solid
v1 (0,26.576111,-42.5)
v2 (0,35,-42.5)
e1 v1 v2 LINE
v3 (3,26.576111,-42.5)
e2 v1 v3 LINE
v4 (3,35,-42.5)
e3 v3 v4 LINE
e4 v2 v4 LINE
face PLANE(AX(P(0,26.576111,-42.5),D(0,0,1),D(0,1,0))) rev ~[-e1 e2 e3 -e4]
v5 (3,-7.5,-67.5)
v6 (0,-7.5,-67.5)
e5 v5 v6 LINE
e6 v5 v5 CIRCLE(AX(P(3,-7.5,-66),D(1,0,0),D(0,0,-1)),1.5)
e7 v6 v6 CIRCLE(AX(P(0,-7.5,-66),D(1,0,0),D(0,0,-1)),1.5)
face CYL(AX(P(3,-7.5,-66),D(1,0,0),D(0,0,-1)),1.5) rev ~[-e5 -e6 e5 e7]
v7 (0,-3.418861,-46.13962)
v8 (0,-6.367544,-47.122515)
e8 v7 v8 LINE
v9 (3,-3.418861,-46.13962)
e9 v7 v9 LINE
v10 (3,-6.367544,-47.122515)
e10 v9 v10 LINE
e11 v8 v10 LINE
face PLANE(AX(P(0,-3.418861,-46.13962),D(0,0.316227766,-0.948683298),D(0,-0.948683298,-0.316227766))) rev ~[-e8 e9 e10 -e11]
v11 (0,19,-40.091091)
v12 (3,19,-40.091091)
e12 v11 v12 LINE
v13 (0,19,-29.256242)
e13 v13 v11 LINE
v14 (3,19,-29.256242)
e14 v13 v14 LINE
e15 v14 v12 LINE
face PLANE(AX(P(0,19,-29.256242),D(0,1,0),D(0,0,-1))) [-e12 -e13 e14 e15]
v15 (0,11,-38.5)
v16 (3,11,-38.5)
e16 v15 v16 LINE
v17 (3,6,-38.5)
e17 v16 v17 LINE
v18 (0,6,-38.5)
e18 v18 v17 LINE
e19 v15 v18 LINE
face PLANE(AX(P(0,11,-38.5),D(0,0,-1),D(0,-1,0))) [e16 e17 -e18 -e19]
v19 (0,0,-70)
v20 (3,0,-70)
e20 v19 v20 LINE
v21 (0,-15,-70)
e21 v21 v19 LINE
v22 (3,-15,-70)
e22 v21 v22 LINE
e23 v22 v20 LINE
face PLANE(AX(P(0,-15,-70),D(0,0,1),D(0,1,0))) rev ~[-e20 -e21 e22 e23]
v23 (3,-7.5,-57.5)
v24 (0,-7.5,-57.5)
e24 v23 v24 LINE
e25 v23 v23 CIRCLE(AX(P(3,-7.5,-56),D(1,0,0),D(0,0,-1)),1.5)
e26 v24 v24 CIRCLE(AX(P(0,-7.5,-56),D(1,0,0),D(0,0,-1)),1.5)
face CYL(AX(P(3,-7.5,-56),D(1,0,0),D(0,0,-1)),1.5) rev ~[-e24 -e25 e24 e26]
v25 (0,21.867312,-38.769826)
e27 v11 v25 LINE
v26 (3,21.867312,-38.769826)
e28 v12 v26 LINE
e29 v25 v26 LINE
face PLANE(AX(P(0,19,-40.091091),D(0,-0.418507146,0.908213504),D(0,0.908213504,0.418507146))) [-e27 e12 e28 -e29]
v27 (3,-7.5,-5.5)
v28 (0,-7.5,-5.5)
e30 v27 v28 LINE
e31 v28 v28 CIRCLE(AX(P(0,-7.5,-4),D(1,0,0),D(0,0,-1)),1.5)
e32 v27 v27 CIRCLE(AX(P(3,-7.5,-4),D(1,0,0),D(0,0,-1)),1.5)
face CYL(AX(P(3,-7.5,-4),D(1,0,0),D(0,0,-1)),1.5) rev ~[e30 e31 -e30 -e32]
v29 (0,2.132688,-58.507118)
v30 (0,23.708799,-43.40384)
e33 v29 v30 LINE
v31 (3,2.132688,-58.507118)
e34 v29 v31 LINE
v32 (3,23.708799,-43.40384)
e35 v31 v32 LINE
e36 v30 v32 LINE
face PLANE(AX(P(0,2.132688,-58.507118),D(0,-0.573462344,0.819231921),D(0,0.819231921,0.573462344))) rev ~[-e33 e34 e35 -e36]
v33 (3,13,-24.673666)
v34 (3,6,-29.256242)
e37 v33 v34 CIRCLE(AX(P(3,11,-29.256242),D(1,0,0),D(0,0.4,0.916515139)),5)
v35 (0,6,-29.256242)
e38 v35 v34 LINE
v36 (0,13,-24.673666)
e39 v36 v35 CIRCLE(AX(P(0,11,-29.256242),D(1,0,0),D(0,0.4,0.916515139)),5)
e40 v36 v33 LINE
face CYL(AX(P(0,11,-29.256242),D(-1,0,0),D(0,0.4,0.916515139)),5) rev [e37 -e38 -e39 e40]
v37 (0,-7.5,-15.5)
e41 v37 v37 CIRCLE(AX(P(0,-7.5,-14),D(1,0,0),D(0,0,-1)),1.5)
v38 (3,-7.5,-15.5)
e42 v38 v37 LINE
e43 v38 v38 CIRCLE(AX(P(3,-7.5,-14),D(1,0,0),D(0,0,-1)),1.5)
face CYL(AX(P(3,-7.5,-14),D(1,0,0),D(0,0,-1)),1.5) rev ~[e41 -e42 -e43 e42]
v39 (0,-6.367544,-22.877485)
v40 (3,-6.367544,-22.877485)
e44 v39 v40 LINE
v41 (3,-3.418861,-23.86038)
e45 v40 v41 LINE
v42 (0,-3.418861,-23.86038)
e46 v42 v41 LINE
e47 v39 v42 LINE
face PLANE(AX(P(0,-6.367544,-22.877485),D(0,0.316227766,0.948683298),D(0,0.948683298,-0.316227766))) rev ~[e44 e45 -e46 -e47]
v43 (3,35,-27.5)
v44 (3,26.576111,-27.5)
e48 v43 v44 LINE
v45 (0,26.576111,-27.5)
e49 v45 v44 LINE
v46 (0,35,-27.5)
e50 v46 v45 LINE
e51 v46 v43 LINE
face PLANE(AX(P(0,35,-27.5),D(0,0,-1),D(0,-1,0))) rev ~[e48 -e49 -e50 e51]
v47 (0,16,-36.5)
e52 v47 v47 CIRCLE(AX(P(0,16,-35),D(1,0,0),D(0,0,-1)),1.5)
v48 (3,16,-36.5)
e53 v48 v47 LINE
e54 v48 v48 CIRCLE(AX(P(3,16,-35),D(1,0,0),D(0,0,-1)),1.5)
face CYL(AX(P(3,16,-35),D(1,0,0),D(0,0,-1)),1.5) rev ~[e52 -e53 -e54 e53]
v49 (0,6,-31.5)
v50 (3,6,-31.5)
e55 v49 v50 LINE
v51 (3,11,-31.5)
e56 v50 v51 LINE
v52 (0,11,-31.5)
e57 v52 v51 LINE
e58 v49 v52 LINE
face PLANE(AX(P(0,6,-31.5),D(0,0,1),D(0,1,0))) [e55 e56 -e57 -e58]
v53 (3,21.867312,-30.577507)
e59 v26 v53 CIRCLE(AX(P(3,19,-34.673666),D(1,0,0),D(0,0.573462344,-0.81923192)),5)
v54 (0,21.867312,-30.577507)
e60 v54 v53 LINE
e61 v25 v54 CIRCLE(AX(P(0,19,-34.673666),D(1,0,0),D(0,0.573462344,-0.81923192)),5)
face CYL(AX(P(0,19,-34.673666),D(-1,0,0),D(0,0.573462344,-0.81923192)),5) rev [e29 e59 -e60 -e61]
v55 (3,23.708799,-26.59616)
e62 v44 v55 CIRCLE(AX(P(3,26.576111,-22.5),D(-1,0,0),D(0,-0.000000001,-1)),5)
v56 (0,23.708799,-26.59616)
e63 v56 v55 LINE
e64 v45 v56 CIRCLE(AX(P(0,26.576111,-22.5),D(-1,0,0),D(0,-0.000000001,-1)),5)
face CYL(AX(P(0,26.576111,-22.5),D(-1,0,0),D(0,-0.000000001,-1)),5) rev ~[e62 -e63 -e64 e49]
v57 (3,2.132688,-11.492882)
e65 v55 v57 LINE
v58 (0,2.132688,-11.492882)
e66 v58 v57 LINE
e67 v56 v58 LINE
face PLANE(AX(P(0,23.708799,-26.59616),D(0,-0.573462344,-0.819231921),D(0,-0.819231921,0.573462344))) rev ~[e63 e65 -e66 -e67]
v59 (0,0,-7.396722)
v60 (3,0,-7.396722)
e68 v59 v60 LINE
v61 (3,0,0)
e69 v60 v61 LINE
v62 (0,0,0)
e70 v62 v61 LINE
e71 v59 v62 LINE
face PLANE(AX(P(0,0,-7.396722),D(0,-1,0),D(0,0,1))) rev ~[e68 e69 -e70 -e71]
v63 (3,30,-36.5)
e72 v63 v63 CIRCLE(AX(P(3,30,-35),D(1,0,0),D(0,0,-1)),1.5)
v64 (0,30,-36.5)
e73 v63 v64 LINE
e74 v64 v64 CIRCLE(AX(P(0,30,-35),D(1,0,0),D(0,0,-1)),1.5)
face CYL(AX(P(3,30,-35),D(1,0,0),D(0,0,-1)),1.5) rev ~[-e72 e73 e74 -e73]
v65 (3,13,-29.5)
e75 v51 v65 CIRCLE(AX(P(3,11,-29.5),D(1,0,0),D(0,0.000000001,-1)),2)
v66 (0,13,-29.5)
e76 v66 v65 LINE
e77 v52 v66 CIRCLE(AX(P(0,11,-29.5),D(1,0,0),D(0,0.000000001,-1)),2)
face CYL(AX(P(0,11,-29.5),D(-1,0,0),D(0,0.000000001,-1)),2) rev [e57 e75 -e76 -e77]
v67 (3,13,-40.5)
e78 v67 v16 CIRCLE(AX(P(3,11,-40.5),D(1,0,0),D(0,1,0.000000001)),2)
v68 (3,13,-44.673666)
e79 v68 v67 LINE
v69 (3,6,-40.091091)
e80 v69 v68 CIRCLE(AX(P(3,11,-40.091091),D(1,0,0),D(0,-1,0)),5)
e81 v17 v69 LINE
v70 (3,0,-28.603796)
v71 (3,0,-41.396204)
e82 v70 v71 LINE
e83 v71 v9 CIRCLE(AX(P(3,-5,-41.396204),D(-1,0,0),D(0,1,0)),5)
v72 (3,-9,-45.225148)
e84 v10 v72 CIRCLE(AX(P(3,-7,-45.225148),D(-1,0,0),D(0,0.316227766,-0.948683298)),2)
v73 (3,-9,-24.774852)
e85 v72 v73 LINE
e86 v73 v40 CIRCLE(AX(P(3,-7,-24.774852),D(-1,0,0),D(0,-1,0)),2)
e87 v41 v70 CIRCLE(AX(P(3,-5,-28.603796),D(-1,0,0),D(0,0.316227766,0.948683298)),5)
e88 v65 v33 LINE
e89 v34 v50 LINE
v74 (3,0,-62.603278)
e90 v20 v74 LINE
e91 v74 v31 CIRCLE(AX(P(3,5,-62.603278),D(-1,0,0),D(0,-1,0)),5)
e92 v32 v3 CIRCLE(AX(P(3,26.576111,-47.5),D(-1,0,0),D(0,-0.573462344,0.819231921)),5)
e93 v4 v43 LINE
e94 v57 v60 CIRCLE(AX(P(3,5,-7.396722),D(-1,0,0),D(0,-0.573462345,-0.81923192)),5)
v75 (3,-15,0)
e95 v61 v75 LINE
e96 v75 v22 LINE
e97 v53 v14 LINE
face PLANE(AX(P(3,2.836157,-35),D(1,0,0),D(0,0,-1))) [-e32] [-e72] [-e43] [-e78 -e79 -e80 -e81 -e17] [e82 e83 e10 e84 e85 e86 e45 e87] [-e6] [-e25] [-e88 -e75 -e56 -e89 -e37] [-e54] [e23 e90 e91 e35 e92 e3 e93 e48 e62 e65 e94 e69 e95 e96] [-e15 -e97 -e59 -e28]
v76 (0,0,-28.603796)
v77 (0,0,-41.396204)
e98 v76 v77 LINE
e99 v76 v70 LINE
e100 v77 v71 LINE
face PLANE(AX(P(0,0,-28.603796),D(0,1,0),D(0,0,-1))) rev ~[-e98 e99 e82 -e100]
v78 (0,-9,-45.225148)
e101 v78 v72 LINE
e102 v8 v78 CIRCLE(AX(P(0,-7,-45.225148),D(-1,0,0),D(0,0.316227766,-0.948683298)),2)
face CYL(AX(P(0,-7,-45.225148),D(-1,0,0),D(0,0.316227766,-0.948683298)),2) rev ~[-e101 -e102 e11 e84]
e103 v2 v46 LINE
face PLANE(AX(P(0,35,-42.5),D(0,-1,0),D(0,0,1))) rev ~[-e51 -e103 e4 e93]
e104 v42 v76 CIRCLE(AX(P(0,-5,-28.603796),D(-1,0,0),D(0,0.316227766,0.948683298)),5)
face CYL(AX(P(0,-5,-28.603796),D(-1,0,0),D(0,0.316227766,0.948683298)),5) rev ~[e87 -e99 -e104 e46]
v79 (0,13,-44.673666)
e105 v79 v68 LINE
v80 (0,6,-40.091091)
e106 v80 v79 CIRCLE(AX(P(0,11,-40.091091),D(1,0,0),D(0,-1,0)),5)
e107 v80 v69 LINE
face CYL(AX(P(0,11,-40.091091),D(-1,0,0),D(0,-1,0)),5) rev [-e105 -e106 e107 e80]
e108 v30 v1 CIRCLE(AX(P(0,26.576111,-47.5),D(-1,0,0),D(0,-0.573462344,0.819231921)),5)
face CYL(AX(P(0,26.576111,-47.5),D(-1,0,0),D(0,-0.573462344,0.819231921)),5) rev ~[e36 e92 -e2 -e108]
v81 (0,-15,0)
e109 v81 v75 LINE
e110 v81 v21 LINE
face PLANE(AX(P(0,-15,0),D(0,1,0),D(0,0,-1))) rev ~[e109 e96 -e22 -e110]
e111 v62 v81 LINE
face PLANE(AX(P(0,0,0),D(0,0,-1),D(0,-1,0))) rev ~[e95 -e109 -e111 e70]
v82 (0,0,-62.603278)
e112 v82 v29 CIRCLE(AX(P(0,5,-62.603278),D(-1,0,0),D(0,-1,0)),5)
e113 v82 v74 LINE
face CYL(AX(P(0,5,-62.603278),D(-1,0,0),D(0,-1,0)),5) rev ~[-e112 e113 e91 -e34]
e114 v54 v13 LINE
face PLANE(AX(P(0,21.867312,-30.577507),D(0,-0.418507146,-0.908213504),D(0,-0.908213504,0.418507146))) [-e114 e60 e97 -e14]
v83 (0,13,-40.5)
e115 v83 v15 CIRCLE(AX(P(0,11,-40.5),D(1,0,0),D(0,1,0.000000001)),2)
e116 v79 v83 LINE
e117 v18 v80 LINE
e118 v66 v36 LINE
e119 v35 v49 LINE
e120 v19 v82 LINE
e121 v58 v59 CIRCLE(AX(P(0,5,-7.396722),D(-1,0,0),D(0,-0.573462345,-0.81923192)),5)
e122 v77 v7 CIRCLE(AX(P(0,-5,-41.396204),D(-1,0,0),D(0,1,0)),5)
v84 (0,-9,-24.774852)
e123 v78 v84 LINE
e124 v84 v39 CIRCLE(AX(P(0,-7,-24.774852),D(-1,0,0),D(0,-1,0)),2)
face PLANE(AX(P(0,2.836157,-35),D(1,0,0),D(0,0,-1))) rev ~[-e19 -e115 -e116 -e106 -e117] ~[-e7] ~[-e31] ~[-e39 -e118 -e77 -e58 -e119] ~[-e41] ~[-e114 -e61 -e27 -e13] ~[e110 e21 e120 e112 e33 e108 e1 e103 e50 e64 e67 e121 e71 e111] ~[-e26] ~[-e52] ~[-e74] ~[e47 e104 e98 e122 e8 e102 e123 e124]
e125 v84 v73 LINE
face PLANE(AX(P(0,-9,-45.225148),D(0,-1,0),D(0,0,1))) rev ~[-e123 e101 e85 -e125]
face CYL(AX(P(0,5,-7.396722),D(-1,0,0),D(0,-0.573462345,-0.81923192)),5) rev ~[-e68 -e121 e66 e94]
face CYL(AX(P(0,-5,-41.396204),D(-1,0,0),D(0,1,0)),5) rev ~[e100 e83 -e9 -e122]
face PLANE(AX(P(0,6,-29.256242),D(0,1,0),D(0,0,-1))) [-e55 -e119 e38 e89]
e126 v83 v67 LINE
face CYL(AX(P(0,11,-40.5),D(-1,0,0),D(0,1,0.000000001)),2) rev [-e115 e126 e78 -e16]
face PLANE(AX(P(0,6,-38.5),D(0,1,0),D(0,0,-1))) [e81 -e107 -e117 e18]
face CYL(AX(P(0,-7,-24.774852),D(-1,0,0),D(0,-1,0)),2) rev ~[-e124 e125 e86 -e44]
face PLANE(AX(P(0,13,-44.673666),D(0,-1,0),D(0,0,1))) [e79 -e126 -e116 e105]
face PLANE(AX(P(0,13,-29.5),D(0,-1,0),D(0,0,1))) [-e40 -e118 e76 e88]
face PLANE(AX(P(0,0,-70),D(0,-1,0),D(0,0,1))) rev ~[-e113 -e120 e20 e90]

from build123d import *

# Parameters (mm, degrees)
EXTRUDE_1_DEPTH     = 3
SKETCH_3_R          = 1.5
CUT_EXTRUDE_1_DEPTH = 3


with BuildPart() as part:
    # 草图2 → 凸台-拉伸1 (new body)
    with BuildSketch(Plane(origin=(0, 0, 0), x_dir=(0, 0, -1), z_dir=(1, 0, 0))):
        with BuildLine():
            Line((0, 0), (0, -15))
            Line((0, -15), (20, -15))
            Line((20, -15), (50, -15))
            Line((50, -15), (70, -15))
            Line((70, -15), (70, 0))
            Line((70, 0), (62.603277808, 0))
            ThreePointArc((62.603277808, 0), (60.294225904, 0.565106619), (58.507118205, 2.132688278))
            Line((58.507118205, 2.132688278), (43.403840397, 23.708799432))
            ThreePointArc((43.403840397, 23.708799432), (42.731310557, 25.07291423), (42.5, 26.576111154))
            Line((42.5, 26.576111154), (42.5, 35))
            Line((42.5, 35), (27.5, 35))
            Line((27.5, 35), (27.5, 26.576111154))
            ThreePointArc((27.5, 26.576111154), (27.268689443, 25.07291423), (26.596159603, 23.708799432))
            Line((26.596159603, 23.708799432), (11.492881795, 2.132688278))
            ThreePointArc((11.492881795, 2.132688278), (9.705774096, 0.565106619), (7.396722192, 0))
            Line((7.396722192, 0), (0, 0))
        make_face()
        with BuildLine():
            Line((22.877485177, -6.367544468), (23.86037961, -3.41886117))
            ThreePointArc((23.86037961, -3.41886117), (25.680244677, -0.943789074), (28.6037961, 0))
            Line((28.6037961, 0), (41.3962039, 0))
            ThreePointArc((41.3962039, 0), (44.319755323, -0.943789074), (46.13962039, -3.41886117))
            Line((46.13962039, -3.41886117), (47.122514823, -6.367544468))
            ThreePointArc((47.122514823, -6.367544468), (46.847632597, -8.169420569), (45.225148227, -9))
            Line((45.225148227, -9), (24.774851773, -9))
            ThreePointArc((24.774851773, -9), (23.152367403, -8.169420569), (22.877485177, -6.367544468))
        make_face(mode=Mode.SUBTRACT)
        with BuildLine():
            Line((29.256242147, 6), (31.5, 6))
            Line((31.5, 6), (31.5, 11))
            ThreePointArc((31.5, 11), (30.914213562, 12.414213562), (29.5, 13))
            Line((29.5, 13), (24.673666452, 13))
            ThreePointArc((24.673666452, 13), (25.072942015, 8.261387212), (29.256242147, 6))
        make_face(mode=Mode.SUBTRACT)
        with BuildLine():
            Line((30.57750685, 21.867311722), (29.256242147, 19))
            Line((29.256242147, 19), (40.091090757, 19))
            Line((40.091090757, 19), (38.769826055, 21.867311722))
            ThreePointArc((38.769826055, 21.867311722), (34.673666452, 24), (30.57750685, 21.867311722))
        make_face(mode=Mode.SUBTRACT)
        with BuildLine():
            Line((38.5, 11), (38.5, 6))
            Line((38.5, 6), (40.091090757, 6))
            ThreePointArc((40.091090757, 6), (44.27439089, 8.261387212), (44.673666452, 13))
            Line((44.673666452, 13), (40.5, 13))
            ThreePointArc((40.5, 13), (39.085786438, 12.414213562), (38.5, 11))
        make_face(mode=Mode.SUBTRACT)
    extrude(amount=EXTRUDE_1_DEPTH)

    # 草图3 → 切除-拉伸1 (cut)
    with BuildSketch(Plane(origin=(3, 0, 0), x_dir=(0, 0, -1), z_dir=(1, 0, 0))):
        with Locations((35, 30)):
            Circle(SKETCH_3_R)
        with Locations((66, -7.5)):
            Circle(SKETCH_3_R)
        with Locations((56, -7.5)):
            Circle(SKETCH_3_R)
        with Locations((14, -7.5)):
            Circle(SKETCH_3_R)
        with Locations((4, -7.5)):
            Circle(SKETCH_3_R)
        with Locations((35, 16)):
            Circle(SKETCH_3_R)
    extrude(amount=-CUT_EXTRUDE_1_DEPTH, mode=Mode.SUBTRACT)


solid = part.part
